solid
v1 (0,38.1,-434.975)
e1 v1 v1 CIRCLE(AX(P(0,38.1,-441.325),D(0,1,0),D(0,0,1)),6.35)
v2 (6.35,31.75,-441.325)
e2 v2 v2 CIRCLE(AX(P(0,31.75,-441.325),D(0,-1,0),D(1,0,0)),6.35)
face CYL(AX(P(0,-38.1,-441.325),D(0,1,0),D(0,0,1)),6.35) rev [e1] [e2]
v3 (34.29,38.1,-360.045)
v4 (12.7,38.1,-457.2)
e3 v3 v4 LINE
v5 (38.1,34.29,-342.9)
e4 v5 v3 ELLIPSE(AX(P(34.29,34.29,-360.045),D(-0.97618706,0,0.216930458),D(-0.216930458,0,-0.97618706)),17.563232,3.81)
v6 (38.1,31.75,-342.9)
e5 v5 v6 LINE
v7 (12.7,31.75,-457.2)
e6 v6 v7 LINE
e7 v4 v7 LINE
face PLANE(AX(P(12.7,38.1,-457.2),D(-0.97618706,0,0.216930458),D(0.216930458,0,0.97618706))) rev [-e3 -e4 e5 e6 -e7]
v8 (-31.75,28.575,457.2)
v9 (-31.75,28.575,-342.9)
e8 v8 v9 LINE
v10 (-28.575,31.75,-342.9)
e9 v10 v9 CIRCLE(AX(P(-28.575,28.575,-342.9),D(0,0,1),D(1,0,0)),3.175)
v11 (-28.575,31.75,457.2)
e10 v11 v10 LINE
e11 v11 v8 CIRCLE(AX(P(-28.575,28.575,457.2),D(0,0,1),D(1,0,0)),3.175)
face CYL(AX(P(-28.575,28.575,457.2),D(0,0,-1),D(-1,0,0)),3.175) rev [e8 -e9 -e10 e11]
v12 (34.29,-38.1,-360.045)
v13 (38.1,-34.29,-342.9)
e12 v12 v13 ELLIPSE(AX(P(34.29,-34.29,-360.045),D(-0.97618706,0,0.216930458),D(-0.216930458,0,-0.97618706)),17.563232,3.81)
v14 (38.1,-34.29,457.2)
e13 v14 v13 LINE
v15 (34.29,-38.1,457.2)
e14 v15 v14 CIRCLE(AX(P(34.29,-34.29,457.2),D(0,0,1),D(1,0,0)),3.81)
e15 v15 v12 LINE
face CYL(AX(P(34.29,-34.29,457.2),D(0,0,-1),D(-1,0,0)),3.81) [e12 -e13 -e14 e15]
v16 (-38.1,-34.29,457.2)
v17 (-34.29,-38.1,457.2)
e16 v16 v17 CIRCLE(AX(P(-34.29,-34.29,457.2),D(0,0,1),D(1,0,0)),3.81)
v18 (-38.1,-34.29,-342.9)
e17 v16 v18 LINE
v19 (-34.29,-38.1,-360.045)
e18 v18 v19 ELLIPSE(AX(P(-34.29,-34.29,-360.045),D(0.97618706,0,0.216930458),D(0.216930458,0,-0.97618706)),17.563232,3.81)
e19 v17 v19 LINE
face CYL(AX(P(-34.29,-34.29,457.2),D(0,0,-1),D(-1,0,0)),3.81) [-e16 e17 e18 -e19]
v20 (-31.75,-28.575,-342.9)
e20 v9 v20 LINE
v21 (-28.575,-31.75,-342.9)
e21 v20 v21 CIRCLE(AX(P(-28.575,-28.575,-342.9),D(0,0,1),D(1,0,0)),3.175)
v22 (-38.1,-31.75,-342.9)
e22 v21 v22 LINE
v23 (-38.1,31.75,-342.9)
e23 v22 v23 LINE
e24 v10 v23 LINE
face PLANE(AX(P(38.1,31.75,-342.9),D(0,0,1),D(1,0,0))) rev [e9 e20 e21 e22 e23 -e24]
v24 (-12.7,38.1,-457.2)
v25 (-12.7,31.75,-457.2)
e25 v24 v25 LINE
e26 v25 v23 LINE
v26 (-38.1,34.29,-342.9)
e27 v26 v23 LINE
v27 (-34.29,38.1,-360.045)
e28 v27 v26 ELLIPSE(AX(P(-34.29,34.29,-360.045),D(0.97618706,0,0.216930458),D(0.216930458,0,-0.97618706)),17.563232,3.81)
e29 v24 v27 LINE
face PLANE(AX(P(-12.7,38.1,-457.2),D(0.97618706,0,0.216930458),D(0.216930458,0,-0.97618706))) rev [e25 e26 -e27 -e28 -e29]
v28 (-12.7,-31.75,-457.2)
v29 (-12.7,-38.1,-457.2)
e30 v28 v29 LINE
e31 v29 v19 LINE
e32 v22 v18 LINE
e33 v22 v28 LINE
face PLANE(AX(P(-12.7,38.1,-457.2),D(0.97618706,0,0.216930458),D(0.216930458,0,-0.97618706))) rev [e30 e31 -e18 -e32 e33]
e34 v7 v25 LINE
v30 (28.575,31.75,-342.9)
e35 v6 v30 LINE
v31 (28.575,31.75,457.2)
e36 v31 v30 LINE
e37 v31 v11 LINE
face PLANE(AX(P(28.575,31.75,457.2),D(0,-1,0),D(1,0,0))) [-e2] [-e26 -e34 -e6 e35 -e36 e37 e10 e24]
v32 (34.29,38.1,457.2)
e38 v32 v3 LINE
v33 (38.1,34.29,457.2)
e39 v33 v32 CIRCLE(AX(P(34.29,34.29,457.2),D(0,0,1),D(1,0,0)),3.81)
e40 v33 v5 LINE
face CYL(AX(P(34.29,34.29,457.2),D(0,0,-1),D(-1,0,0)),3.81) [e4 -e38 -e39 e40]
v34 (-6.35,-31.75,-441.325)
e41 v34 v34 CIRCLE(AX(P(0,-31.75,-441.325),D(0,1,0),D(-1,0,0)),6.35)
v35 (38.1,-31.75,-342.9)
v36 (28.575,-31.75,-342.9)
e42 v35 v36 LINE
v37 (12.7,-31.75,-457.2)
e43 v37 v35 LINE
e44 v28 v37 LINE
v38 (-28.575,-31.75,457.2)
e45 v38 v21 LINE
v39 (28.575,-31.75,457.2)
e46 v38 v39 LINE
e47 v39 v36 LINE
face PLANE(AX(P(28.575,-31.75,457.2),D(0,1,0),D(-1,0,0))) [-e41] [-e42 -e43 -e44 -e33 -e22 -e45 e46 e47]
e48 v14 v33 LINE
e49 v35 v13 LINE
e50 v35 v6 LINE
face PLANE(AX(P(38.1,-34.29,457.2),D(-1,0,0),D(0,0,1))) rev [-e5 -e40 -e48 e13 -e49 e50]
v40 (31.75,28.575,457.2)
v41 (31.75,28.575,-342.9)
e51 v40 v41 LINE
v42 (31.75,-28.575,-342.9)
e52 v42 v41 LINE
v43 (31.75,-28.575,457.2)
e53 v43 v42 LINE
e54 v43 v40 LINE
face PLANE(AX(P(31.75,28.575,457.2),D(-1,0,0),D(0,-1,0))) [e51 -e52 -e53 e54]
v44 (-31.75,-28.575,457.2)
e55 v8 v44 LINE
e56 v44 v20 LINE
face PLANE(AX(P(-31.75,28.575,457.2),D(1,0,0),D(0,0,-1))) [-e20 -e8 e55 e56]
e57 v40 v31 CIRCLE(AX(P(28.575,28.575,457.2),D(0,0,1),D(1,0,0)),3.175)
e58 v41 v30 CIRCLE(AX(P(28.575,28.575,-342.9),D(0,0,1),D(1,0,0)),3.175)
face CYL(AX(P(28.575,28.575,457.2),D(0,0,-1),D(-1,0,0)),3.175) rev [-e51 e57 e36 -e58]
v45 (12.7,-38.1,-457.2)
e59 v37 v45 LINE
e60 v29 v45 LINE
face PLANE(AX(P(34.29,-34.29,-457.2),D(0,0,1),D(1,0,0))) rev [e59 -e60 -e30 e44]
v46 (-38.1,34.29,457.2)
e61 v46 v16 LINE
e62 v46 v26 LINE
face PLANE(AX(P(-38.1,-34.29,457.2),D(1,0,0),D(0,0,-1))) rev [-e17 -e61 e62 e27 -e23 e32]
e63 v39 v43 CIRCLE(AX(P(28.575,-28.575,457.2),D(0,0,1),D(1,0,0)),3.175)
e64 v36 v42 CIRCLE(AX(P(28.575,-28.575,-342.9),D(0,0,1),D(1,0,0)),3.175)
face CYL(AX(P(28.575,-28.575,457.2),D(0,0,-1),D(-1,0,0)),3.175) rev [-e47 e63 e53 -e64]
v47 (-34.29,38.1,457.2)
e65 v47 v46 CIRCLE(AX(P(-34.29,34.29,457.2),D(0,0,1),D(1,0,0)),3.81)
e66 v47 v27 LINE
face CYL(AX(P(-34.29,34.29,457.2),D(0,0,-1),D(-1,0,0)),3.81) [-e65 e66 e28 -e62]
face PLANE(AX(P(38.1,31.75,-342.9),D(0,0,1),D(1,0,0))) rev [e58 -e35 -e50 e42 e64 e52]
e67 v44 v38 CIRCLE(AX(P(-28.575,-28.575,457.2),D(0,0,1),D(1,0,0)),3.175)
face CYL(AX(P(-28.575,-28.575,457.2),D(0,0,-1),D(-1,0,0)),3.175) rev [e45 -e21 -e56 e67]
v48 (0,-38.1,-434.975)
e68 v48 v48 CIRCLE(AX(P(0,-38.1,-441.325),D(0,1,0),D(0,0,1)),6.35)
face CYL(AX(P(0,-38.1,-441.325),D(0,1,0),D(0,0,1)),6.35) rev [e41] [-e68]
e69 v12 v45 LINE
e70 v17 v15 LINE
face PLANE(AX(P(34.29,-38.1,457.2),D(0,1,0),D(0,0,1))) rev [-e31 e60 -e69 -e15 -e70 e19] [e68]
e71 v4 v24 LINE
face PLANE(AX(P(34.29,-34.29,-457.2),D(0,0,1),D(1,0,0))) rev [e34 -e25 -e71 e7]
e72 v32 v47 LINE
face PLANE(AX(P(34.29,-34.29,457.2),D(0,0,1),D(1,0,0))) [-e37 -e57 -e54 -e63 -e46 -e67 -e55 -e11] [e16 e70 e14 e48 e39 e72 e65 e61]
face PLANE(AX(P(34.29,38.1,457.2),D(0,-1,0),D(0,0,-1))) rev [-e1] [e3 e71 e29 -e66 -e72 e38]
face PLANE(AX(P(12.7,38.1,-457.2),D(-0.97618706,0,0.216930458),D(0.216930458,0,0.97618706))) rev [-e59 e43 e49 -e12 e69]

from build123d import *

# Parameters (mm, degrees)
BOSS_EXTRUDE1_DEPTH      = 457.2
BOSS_EXTRUDE1_DEPTH_BACK = 457.2
SKETCH6_W                = 114.3
SKETCH6_H                = 63.5
SIDE_CUT_DEPTH           = 466.069768959
TRIANGLE_CUT_DEPTH       = 466.069768959
SKETCH8_R                = 6.35
CUT_EXTRUDE4_DEPTH       = 466.069768959


with BuildPart() as part:
    # Sketch4 → Boss-Extrude1 (new, two sides: drawn at the far end of the back side and taken through both)
    with BuildSketch(Plane.XY.offset(-BOSS_EXTRUDE1_DEPTH_BACK)):
        with BuildLine():
            Line((38.1, -34.29), (38.1, 34.29))
            ThreePointArc((38.1, 34.29), (36.984076836, 36.984076836), (34.29, 38.1))
            Line((34.29, 38.1), (-34.29, 38.1))
            ThreePointArc((-34.29, 38.1), (-36.984076836, 36.984076836), (-38.1, 34.29))
            Line((-38.1, 34.29), (-38.1, -34.29))
            ThreePointArc((-38.1, -34.29), (-36.984076836, -36.984076836), (-34.29, -38.1))
            Line((-34.29, -38.1), (34.29, -38.1))
            ThreePointArc((34.29, -38.1), (36.984076836, -36.984076836), (38.1, -34.29))
        make_face()
        with BuildLine():
            Line((31.75, 28.575), (31.75, -28.575))
            ThreePointArc((31.75, -28.575), (30.82006403, -30.82006403), (28.575, -31.75))
            Line((28.575, -31.75), (-28.575, -31.75))
            ThreePointArc((-28.575, -31.75), (-30.82006403, -30.82006403), (-31.75, -28.575))
            Line((-31.75, -28.575), (-31.75, 28.575))
            ThreePointArc((-31.75, 28.575), (-30.82006403, 30.82006403), (-28.575, 31.75))
            Line((-28.575, 31.75), (28.575, 31.75))
            ThreePointArc((28.575, 31.75), (30.82006403, 30.82006403), (31.75, 28.575))
        make_face(mode=Mode.SUBTRACT)
    extrude(amount=BOSS_EXTRUDE1_DEPTH + BOSS_EXTRUDE1_DEPTH_BACK)

    # Sketch6 → side cut (cut, through all)
    with BuildSketch(Plane.ZY.offset(38.1)):
        with Locations((-400.05, 0)):
            Rectangle(SKETCH6_W, SKETCH6_H)
    extrude(amount=-SIDE_CUT_DEPTH, mode=Mode.SUBTRACT)

    # Sketch7 → triangle cut (cut, through all)
    with BuildSketch(Plane.XZ.offset(38.1)):
        Polygon((-38.1, -342.9), (-38.1, -457.2), (-12.7, -457.2), align=None)
        Polygon((12.7, -457.2), (38.1, -342.9), (38.1, -457.2), align=None)
    extrude(amount=-TRIANGLE_CUT_DEPTH, mode=Mode.SUBTRACT)

    # Sketch8 → Cut-Extrude4 (cut, through all)
    with BuildSketch(Plane(origin=(0, 38.1, 0), x_dir=(1, 0, 0), z_dir=(0, 1, 0))):
        with Locations(Location((0, 441.325, 0), (0, 0, 270))):
            Circle(SKETCH8_R)
    extrude(amount=-CUT_EXTRUDE4_DEPTH, mode=Mode.SUBTRACT)


solid = part.part
